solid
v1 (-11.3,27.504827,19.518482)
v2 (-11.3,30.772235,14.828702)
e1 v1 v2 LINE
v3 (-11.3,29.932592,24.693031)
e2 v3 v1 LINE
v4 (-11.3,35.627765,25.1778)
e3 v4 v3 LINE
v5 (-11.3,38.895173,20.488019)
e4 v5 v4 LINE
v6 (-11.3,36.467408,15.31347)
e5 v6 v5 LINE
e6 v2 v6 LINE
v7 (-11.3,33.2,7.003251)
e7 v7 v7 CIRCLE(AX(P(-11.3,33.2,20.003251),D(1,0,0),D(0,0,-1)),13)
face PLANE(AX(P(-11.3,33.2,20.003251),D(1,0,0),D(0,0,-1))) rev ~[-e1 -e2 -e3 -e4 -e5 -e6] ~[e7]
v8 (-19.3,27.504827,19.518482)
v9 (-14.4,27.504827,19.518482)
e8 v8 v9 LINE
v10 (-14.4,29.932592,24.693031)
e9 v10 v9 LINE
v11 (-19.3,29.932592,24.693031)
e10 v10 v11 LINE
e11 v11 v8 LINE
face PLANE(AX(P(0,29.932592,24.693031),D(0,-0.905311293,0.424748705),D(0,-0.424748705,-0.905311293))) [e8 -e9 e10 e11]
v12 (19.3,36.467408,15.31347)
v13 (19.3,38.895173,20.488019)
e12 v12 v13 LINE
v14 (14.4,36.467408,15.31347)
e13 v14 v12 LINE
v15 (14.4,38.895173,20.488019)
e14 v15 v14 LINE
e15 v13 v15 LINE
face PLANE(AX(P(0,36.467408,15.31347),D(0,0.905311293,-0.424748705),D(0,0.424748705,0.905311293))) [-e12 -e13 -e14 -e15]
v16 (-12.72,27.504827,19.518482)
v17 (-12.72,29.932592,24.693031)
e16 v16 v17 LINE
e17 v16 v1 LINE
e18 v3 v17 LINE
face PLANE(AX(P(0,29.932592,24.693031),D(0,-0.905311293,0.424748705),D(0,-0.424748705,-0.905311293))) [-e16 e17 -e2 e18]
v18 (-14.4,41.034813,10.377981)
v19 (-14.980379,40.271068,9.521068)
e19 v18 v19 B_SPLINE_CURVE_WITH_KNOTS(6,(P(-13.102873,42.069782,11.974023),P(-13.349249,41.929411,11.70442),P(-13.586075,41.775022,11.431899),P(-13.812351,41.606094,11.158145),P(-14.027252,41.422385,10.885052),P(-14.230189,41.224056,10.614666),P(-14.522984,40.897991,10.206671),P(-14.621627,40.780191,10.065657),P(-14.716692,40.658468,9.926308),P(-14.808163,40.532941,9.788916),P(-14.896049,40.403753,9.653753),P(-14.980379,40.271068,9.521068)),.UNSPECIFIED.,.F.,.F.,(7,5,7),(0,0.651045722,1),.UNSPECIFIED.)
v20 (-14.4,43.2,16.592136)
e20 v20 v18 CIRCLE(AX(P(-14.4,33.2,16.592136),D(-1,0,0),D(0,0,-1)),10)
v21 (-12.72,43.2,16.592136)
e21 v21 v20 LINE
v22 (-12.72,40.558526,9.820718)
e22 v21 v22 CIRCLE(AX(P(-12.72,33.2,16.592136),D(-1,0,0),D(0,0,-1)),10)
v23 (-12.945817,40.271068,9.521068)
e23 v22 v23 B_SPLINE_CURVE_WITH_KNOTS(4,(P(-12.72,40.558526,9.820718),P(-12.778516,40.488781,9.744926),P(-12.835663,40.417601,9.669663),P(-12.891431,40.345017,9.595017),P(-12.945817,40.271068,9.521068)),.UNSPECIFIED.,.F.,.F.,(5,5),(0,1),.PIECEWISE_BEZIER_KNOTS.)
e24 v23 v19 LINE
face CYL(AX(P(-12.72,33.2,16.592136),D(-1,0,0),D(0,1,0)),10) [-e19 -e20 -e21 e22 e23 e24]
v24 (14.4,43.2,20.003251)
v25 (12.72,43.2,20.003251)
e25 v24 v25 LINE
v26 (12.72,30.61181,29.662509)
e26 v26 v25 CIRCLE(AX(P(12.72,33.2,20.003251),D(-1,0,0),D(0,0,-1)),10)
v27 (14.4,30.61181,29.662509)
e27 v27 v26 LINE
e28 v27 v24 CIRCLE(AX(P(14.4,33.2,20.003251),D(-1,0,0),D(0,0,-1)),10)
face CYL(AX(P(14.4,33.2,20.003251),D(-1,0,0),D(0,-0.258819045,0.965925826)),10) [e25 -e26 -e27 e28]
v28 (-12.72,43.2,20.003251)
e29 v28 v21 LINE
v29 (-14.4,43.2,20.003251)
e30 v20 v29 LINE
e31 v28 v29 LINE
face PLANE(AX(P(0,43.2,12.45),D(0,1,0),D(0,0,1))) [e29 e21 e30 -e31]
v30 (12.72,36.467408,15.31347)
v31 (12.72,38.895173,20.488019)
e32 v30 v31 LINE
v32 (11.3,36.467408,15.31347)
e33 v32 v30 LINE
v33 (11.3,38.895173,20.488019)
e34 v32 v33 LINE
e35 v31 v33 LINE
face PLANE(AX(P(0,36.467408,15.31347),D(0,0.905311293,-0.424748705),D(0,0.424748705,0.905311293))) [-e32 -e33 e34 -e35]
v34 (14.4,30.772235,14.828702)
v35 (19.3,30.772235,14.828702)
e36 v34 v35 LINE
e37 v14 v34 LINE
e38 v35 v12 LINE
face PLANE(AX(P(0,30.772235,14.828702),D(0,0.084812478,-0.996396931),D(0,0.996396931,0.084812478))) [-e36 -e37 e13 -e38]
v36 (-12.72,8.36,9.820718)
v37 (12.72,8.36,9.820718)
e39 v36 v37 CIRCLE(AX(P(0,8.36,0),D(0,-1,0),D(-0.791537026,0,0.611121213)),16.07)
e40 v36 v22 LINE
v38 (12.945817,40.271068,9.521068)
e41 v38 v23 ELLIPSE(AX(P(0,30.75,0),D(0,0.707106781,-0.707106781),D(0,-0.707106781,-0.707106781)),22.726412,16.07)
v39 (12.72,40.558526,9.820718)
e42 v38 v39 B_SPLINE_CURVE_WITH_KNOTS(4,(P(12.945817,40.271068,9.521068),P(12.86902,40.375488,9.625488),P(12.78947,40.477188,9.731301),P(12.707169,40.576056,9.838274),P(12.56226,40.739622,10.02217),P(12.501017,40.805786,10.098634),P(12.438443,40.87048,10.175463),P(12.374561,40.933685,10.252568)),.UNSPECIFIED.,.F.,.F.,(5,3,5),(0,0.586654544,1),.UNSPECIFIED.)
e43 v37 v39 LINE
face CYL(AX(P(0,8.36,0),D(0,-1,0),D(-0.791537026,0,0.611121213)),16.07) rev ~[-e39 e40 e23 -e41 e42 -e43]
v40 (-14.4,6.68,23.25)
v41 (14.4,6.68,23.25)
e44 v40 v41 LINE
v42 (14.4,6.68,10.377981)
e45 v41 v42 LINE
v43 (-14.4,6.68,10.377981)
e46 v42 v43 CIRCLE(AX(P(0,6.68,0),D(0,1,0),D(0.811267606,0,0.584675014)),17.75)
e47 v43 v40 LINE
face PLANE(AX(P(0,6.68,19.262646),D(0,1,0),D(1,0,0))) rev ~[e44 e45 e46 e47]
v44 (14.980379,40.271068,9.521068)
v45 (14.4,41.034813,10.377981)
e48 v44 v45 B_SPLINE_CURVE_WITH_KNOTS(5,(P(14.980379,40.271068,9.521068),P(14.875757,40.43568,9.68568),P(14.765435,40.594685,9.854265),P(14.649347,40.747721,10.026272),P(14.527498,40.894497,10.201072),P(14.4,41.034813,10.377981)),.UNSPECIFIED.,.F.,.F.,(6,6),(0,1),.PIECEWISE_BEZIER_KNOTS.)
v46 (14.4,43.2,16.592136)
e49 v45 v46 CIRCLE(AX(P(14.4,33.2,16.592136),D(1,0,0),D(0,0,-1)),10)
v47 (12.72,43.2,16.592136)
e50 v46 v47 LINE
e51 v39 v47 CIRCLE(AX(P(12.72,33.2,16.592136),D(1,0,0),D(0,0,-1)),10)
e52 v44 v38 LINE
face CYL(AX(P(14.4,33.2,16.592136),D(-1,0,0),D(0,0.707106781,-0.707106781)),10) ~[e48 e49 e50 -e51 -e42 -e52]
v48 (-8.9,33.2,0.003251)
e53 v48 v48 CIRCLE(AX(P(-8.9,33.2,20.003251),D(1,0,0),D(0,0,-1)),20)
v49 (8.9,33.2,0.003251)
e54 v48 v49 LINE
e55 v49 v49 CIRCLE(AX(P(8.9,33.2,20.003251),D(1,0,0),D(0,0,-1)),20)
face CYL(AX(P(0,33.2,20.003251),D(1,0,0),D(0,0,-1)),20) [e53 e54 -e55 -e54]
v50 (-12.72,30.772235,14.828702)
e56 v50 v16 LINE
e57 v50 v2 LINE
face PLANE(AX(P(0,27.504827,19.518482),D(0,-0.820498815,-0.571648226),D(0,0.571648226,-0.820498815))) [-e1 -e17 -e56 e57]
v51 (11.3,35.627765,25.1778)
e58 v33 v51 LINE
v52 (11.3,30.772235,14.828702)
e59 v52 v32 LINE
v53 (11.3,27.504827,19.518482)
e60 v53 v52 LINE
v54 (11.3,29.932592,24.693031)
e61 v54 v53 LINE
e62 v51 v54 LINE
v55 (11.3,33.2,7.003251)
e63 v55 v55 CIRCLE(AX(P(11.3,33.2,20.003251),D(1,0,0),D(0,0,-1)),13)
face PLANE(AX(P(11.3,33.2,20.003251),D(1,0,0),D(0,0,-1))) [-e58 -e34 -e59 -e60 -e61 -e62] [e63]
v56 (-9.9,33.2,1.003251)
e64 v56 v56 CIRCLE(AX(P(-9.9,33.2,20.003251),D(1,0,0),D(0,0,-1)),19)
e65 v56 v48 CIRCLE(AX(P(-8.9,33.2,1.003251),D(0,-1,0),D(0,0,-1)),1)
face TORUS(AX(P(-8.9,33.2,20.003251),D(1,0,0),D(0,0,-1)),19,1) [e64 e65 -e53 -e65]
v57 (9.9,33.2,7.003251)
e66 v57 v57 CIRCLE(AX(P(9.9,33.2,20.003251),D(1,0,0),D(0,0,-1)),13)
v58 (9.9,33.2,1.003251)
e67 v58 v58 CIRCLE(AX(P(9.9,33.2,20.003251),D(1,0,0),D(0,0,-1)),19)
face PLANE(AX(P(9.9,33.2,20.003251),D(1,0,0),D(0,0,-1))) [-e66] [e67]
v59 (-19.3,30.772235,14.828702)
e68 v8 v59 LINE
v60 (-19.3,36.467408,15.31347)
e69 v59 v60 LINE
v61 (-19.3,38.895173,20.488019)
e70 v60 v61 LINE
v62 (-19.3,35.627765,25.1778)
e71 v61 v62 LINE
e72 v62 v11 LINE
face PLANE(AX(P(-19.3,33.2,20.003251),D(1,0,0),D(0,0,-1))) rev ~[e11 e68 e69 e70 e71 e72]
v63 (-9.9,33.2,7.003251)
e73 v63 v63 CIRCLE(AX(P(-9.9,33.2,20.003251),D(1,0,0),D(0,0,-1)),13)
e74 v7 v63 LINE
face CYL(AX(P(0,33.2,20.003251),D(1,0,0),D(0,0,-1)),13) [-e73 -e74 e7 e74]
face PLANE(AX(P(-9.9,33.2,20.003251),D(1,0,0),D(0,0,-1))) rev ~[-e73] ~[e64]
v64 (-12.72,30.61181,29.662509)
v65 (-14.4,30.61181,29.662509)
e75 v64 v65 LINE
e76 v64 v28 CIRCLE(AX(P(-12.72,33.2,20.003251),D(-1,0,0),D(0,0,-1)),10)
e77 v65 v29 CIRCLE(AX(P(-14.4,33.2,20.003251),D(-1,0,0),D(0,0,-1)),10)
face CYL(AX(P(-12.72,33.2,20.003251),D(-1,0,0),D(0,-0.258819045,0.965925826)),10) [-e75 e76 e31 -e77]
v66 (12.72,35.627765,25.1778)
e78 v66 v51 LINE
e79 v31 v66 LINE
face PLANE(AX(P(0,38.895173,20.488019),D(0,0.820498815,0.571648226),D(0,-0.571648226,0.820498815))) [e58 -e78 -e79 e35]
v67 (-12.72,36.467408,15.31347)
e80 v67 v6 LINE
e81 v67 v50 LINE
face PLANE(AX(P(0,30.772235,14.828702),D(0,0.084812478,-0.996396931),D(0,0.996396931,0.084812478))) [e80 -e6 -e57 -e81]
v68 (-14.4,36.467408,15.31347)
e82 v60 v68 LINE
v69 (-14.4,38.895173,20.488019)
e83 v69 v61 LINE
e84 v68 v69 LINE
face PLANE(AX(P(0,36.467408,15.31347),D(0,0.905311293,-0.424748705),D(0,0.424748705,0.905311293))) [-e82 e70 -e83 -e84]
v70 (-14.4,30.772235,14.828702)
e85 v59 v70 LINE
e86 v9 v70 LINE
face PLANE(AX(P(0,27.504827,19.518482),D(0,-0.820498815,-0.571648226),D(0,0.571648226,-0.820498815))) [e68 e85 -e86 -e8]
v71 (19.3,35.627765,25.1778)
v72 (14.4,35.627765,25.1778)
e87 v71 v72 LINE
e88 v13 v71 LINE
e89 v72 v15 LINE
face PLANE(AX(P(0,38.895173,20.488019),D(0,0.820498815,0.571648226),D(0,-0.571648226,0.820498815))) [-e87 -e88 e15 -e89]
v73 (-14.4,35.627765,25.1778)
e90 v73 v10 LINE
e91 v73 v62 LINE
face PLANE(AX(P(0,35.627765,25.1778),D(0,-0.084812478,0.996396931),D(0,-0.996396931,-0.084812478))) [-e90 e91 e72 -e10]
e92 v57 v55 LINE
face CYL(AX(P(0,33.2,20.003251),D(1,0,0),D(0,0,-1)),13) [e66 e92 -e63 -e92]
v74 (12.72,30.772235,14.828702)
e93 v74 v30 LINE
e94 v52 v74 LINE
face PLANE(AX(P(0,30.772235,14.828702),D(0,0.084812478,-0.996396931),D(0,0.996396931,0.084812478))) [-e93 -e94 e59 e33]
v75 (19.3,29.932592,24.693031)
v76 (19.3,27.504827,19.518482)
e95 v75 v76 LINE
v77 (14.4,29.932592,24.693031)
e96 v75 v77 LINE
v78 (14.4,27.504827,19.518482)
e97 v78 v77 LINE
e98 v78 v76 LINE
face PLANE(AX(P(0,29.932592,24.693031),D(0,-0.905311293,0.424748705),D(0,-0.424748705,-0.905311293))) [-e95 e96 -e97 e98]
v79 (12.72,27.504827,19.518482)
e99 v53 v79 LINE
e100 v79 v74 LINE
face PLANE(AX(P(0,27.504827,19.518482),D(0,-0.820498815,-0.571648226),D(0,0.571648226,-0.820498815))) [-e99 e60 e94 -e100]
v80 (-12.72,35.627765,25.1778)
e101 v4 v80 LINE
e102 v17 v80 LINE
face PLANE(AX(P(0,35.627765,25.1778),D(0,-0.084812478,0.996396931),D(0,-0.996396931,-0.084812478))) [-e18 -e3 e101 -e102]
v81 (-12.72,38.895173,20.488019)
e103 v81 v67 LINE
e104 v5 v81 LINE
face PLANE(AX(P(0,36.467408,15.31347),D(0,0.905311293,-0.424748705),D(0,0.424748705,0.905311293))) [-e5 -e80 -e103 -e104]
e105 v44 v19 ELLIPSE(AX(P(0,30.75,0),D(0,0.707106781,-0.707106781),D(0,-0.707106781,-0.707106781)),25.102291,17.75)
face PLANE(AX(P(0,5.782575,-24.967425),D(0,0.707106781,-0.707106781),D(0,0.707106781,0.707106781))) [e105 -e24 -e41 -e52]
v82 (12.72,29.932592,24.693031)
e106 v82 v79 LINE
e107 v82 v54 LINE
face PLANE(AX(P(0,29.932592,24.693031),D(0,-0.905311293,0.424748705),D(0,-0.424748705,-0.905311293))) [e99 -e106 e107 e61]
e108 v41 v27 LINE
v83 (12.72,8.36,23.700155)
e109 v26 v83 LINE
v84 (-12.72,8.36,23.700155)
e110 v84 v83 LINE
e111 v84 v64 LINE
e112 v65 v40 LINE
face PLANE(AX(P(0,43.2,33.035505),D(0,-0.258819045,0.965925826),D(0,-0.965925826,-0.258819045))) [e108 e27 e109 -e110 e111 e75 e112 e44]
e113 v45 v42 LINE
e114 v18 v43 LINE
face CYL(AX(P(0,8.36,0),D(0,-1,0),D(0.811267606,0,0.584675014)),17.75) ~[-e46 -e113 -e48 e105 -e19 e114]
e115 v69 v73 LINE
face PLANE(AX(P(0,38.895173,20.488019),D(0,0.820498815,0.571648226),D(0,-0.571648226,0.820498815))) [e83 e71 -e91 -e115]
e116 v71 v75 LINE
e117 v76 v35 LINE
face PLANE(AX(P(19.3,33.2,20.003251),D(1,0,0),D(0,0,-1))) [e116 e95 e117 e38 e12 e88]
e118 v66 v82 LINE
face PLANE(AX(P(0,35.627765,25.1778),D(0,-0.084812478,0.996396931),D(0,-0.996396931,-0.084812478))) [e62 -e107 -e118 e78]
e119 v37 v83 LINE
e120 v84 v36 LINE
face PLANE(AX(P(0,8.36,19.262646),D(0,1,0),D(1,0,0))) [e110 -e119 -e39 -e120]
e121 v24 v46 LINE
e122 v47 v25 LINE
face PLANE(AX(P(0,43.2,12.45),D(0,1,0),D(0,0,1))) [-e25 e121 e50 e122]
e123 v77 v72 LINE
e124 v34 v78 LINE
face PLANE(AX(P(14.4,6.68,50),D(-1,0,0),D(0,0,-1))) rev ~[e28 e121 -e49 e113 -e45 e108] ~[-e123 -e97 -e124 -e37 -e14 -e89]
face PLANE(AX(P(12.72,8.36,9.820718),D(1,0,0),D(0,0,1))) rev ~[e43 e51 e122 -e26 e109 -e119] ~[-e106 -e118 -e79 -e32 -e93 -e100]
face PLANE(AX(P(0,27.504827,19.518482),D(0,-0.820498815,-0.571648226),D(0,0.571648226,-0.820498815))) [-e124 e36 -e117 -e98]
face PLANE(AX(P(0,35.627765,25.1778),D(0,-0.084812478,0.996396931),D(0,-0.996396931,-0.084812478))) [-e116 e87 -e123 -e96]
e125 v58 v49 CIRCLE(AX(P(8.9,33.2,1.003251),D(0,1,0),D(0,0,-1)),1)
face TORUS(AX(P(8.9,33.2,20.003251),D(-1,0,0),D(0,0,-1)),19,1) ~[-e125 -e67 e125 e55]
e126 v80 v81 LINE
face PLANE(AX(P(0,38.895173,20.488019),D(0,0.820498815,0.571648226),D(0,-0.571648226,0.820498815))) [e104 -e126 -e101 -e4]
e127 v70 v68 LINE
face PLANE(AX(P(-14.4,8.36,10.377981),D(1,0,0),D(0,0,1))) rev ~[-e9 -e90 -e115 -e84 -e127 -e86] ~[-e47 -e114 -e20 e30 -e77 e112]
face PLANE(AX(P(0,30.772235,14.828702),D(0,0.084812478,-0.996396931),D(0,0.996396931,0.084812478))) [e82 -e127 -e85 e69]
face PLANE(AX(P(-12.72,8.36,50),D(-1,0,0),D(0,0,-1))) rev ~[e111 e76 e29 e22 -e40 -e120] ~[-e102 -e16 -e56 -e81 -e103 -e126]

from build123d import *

# Parameters (mm, degrees)
EXTRUDE_1_DEPTH       = 1.68
SKETCH_2_R            = 14.75
EXTRUDE_3_DEPTH       = 5
EXTRUDE_4_DEPTH       = 1.68
EXTRUDE_5_DEPTH       = 40
CUT_EXTRUDE_1_DEPTH   = 30
FILLET_1_R            = 10
SKETCH_6_R            = 20
EXTRUDE_6_DEPTH       = 9.9
SKETCH_7_R            = 13
EXTRUDE_7_DEPTH       = 11.3
EXTRUDE_8_DEPTH       = 19.3
FILLET_2_R            = 1
SKETCH_9_W            = 67.955976502
SKETCH_9_H            = 118.115360496
CUT_EXTRUDE_1_2_DEPTH = 6.68


with BuildPart() as part:
    # 草图1 → 凸台-拉伸1 (new body)
    with BuildSketch(Plane(origin=(0, 0, 0), x_dir=(1, 0, 0), z_dir=(0, 1, 0))):
        with BuildLine():
            ThreePointArc((-21.5, 23.6), (-19.6254834, 28.1254834), (-15.1, 30))
            Line((-15.1, 30), (15.1, 30))
            ThreePointArc((15.1, 30), (19.6254834, 28.1254834), (21.5, 23.6))
            Line((21.5, 23.6), (21.5, -23.6))
            ThreePointArc((21.5, -23.6), (19.6254834, -28.1254834), (15.1, -30))
            Line((15.1, -30), (-15.1, -30))
            ThreePointArc((-15.1, -30), (-19.6254834, -28.1254834), (-21.5, -23.6))
            Line((-21.5, -23.6), (-21.5, 23.6))
        make_face()
        with BuildLine():
            ThreePointArc((-18.2, -23.95), (-15, -27.15), (-11.8, -23.95))
            Line((-11.8, -23.95), (-11.8, -21.05))
            ThreePointArc((-11.8, -21.05), (-15, -17.85), (-18.2, -21.05))
            Line((-18.2, -21.05), (-18.2, -23.95))
        make_face(mode=Mode.SUBTRACT)
        with BuildLine():
            ThreePointArc((18.2, -21.05), (15, -17.85), (11.8, -21.05))
            Line((11.8, -21.05), (11.8, -23.95))
            ThreePointArc((11.8, -23.95), (15, -27.15), (18.2, -23.95))
            Line((18.2, -23.95), (18.2, -21.05))
        make_face(mode=Mode.SUBTRACT)
        with BuildLine():
            ThreePointArc((18.2, 23.95), (15, 27.15), (11.8, 23.95))
            Line((11.8, 23.95), (11.8, 21.05))
            ThreePointArc((11.8, 21.05), (15, 17.85), (18.2, 21.05))
            Line((18.2, 21.05), (18.2, 23.95))
        make_face(mode=Mode.SUBTRACT)
        with BuildLine():
            ThreePointArc((-18.2, 21.05), (-15, 17.85), (-11.8, 21.05))
            Line((-11.8, 21.05), (-11.8, 23.95))
            ThreePointArc((-11.8, 23.95), (-15, 27.15), (-18.2, 23.95))
            Line((-18.2, 23.95), (-18.2, 21.05))
        make_face(mode=Mode.SUBTRACT)
    extrude(amount=EXTRUDE_1_DEPTH)

    # 草图2 → 凸台-拉伸3 (add)
    with BuildSketch(Plane(origin=(0, 1.68, 0), x_dir=(1, 0, 0), z_dir=(0, 1, 0))):
        Circle(SKETCH_2_R)
    extrude(amount=EXTRUDE_3_DEPTH)

    # 草图3 → 凸台-拉伸4 (add)
    with BuildSketch(Plane(origin=(0, 6.68, 0), x_dir=(1, 0, 0), z_dir=(0, 1, 0))):
        with BuildLine():
            Line((-14.4, -10.377981499), (-14.4, -50))
            Line((-14.4, -50), (14.4, -50))
            Line((14.4, -50), (14.4, -10.377981499))
            ThreePointArc((14.4, -10.377981499), (0, 17.75), (-14.4, -10.377981499))
        make_face()
    extrude(amount=EXTRUDE_4_DEPTH)

    # 草图4 → 凸台-拉伸5 (add)
    with BuildSketch(Plane(origin=(0, 8.36, 0), x_dir=(1, 0, 0), z_dir=(0, 1, 0))):
        with BuildLine():
            Line((-14.4, -50), (-12.72, -50))
            Line((-12.72, -50), (-12.72, -9.820717896))
            ThreePointArc((-12.72, -9.820717896), (0, 16.07), (12.72, -9.820717896))
            Line((12.72, -9.820717896), (12.72, -50))
            Line((12.72, -50), (14.4, -50))
            Line((14.4, -50), (14.4, -10.377981499))
            ThreePointArc((14.4, -10.377981499), (0, 17.75), (-14.4, -10.377981499))
            Line((-14.4, -10.377981499), (-14.4, -50))
        make_face()
    extrude(amount=EXTRUDE_5_DEPTH)

    # 草图5 → Cut-Extrude 1 (cut, symmetric)
    with BuildSketch(Plane(origin=(0, 0, 0), x_dir=(0, 0, -1), z_dir=(1, 0, 0))):
        Polygon((24.967425324, 5.782574676), (-12.45, 43.2), (-33.035504508, 43.2), (-22.754734371, 4.83164351), (-61.391767423, -5.521118294), (-85.164519421, 83.2), (4.118542495, 83.2), (53.251696571, 34.066845924), align=None)
    extrude(amount=CUT_EXTRUDE_1_DEPTH, both=True, mode=Mode.SUBTRACT)

    # 圆角1
    fillet_1_edges = [part.edges().sort_by_distance(p)[0] for p in [
        (-13.56, 43.2, 33.035504508),
        (-13.56, 43.2, 12.45),
        (13.56, 43.2, 12.45),
        (13.56, 43.2, 33.035504508),
    ]]
    fillet(fillet_1_edges, radius=FILLET_1_R)



with BuildPart() as body_2:
    # 草图6 → 凸台-拉伸6 (new body, symmetric)
    with BuildSketch(Plane(origin=(0, 0, 0), x_dir=(0, 0, -1), z_dir=(1, 0, 0))):
        with Locations((-20.003250779, 33.2)):
            Circle(SKETCH_6_R)
    extrude(amount=EXTRUDE_6_DEPTH, both=True)

    # 草图7 → 凸台-拉伸7 (add, symmetric)
    with BuildSketch(Plane(origin=(0, 0, 0), x_dir=(0, 0, -1), z_dir=(1, 0, 0))):
        with Locations((-20.003250779, 33.2)):
            Circle(SKETCH_7_R)
    extrude(amount=EXTRUDE_7_DEPTH, both=True)


with BuildPart() as part_1:
    add(part.part)

    add(body_2.part)  # 凸台-拉伸8 merges body 2
    # 草图8 → 凸台-拉伸8 (add, symmetric)
    with BuildSketch(Plane(origin=(0, 0, 0), x_dir=(0, 0, -1), z_dir=(1, 0, 0))):
        Polygon((-24.693031377, 29.932591556), (-19.518482361, 27.504826642), (-14.828701763, 30.772235086), (-15.313470181, 36.467408444), (-20.488019197, 38.895173358), (-25.177799795, 35.627764914), align=None)
    extrude(amount=EXTRUDE_8_DEPTH, both=True)

    # 圆角2
    fillet_2_edges = [part_1.edges().sort_by_distance(p)[0] for p in [
        (-9.9, 33.2, 40.003250779),
        (9.9, 33.2, 40.003250779),
    ]]
    fillet(fillet_2_edges, radius=FILLET_2_R)

    # 草图9 → Cut-Extrude 1 2 (cut)
    with BuildSketch(Plane.XZ):
        Rectangle(SKETCH_9_W, SKETCH_9_H)
    extrude(amount=-CUT_EXTRUDE_1_2_DEPTH, mode=Mode.SUBTRACT)


solid = part_1.part
